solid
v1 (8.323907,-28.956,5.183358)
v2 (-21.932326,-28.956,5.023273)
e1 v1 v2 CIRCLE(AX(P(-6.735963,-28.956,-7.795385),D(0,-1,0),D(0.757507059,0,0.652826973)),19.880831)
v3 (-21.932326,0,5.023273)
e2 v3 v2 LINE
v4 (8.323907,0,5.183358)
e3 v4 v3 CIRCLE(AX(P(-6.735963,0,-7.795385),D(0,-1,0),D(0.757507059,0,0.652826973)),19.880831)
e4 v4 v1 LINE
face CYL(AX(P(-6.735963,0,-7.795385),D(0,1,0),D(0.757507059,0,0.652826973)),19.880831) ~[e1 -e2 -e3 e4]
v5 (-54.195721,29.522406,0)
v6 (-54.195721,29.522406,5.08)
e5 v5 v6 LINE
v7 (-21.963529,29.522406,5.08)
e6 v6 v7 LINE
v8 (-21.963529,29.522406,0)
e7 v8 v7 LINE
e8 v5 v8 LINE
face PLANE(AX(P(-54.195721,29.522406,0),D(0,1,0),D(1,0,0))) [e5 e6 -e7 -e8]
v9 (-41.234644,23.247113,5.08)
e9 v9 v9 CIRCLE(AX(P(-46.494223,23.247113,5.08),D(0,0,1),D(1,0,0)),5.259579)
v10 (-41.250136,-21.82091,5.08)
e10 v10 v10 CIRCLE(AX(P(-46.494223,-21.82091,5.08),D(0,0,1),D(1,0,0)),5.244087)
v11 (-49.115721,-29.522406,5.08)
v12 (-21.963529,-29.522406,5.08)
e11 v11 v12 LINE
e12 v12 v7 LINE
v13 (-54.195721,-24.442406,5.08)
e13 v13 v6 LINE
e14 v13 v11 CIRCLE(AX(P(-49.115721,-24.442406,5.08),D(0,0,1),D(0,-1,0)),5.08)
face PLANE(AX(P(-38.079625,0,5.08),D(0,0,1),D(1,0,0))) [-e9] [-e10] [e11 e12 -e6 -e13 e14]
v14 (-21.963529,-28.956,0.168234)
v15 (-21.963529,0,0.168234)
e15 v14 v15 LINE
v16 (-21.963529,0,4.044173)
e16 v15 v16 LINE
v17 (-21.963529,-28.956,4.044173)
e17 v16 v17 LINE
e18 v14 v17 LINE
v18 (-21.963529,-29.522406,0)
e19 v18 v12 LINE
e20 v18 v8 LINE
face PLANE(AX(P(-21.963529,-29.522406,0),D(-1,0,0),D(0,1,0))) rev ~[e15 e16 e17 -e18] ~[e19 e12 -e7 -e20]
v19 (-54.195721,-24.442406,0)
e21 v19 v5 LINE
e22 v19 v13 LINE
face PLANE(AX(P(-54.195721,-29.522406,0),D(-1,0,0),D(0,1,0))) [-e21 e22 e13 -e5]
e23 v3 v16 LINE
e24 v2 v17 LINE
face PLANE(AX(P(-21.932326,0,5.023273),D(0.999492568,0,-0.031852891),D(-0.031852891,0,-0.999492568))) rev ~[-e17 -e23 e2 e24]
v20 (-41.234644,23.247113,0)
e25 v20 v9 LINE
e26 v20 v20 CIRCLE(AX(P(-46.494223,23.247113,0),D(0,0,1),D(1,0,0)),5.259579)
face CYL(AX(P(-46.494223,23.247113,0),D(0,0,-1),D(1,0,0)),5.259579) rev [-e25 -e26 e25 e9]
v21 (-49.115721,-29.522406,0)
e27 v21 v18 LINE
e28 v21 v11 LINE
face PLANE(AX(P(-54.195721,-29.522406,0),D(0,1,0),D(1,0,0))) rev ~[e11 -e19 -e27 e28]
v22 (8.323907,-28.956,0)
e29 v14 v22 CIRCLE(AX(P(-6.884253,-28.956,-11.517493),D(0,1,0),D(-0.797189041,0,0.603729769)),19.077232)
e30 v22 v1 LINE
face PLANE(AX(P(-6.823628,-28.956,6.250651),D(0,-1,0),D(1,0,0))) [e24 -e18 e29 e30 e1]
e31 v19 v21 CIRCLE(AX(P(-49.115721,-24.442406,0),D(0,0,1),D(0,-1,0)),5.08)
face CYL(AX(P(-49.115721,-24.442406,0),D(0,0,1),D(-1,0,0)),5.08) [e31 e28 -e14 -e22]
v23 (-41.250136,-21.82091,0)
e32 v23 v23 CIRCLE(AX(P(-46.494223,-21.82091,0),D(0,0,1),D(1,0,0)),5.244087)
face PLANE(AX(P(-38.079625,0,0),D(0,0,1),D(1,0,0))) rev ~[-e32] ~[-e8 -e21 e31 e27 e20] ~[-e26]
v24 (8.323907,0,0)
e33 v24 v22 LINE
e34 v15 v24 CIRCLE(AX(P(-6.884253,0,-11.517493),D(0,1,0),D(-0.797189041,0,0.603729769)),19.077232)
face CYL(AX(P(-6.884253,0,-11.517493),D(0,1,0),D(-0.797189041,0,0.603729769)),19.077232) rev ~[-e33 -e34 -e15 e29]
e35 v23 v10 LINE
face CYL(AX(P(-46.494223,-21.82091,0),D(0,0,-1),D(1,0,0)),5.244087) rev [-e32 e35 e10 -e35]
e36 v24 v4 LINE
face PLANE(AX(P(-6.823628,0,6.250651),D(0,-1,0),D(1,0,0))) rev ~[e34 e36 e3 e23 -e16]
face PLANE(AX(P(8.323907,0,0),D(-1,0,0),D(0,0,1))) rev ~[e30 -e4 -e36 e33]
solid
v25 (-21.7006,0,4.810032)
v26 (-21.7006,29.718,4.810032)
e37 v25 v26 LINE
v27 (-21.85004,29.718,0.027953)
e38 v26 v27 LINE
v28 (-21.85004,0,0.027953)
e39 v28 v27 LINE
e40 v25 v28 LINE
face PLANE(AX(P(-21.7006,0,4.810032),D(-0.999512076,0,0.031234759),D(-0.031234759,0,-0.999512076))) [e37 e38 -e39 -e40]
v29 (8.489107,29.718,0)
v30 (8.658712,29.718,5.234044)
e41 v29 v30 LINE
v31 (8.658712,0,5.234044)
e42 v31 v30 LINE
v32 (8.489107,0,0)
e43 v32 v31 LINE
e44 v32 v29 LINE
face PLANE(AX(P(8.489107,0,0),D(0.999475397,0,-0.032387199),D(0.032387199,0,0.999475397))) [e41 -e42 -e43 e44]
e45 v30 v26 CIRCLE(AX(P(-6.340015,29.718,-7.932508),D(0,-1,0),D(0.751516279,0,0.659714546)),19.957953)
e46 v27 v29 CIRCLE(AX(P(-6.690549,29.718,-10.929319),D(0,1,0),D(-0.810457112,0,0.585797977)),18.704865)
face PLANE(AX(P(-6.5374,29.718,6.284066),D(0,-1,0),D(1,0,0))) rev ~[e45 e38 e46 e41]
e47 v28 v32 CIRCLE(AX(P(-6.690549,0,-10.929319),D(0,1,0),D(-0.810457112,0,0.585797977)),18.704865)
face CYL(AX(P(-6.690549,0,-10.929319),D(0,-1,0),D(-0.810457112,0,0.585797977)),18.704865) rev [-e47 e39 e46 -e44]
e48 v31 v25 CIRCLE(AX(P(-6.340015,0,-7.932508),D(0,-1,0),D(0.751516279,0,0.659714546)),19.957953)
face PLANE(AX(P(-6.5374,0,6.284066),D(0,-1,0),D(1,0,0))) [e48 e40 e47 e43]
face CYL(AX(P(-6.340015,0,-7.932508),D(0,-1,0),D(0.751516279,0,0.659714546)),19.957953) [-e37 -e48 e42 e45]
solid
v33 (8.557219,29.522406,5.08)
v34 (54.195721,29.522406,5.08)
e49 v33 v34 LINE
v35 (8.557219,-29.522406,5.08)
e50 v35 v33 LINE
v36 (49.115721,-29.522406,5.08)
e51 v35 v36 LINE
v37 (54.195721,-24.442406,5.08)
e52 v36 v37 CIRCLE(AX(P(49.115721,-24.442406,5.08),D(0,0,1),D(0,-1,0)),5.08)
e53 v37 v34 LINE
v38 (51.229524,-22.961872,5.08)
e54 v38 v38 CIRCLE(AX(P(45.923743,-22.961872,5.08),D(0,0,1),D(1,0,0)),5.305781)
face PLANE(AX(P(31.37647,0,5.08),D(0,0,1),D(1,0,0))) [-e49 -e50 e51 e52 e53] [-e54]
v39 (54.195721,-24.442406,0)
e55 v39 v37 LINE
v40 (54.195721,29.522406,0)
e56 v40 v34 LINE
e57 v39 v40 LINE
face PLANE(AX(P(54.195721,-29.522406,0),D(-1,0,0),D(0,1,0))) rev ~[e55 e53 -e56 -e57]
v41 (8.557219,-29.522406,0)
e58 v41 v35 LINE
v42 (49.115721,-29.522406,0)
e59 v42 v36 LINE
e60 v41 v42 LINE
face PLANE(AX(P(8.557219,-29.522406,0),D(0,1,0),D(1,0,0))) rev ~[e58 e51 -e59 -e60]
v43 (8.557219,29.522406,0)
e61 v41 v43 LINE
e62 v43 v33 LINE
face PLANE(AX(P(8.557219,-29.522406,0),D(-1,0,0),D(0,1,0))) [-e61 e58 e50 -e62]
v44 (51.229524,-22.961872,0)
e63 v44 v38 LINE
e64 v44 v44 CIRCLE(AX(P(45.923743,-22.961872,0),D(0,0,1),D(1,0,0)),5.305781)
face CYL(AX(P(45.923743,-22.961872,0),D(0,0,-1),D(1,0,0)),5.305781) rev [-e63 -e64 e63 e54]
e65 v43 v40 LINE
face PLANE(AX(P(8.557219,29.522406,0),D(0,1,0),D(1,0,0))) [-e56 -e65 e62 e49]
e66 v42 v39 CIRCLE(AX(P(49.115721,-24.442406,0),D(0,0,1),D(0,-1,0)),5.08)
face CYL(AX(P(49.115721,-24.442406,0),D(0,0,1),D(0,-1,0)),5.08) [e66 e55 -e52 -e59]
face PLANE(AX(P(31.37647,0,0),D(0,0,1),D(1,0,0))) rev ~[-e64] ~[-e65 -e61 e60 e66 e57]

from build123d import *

# Parameters (mm, degrees)
F0_W     = 32.232192
F0_H     = 59.044812
F0_R     = 5.244087
F0_R_2   = 5.259579
F0_W_2   = 45.638502
F0_R_3   = 5.305781
F1_DEPTH = 5.08
F2_R     = 5.08
F4_DEPTH = 28.956
F6_DEPTH = 29.718


with BuildPart() as f1:
    # F0 (on Top) → F1 (new body)
    with BuildSketch(Plane.XY):
        with Locations((-38.079625, 0)):
            Rectangle(F0_W, F0_H)
        with Locations((-46.494223, -21.82091)):
            Circle(F0_R, mode=Mode.SUBTRACT)
        with Locations((-46.494223, 23.247113)):
            Circle(F0_R_2, mode=Mode.SUBTRACT)
        with Locations((31.37647, 0)):
            Rectangle(F0_W_2, F0_H)
        with Locations((45.923743, -22.961872)):
            Circle(F0_R_3, mode=Mode.SUBTRACT)
    extrude(amount=F1_DEPTH)

    # F2
    f2_edges = [f1.edges().sort_by_distance(p)[0] for p in [
        (-54.195721, -29.522406, 2.54),
        (54.195721, -29.522406, 2.54),
    ]]
    fillet(f2_edges, radius=F2_R)

    # F3 (on Front) → F4 (join)
    with BuildSketch(Plane.XZ):
        with BuildLine():
            ThreePointArc((-22.092413, 0), (-6.884253, 7.559739), (8.323907, 0))
            Line((8.323907, 0), (8.323907, 5.183358))
            ThreePointArc((8.323907, 5.183358), (-6.841151, 12.085168), (-21.932326, 5.023273))
            Line((-21.932326, 5.023273), (-22.092413, 0))
        make_face()
    extrude(amount=F4_DEPTH)


with BuildPart() as f6:
    # F5 (on Front) → F6 (new body)
    with BuildSketch(Plane.XZ):
        with BuildLine():
            Line((8.489107, 0), (8.658712, 5.234044))
            ThreePointArc((8.658712, 5.234044), (-6.61873, 12.023499), (-21.7006, 4.810032))
            Line((-21.7006, 4.810032), (-21.85004, 0.027953))
            ThreePointArc((-21.85004, 0.027953), (-6.673316, 7.775538), (8.489107, 0))
        make_face()
    extrude(amount=-F6_DEPTH)


solid = Compound([f1.part, f6.part])
